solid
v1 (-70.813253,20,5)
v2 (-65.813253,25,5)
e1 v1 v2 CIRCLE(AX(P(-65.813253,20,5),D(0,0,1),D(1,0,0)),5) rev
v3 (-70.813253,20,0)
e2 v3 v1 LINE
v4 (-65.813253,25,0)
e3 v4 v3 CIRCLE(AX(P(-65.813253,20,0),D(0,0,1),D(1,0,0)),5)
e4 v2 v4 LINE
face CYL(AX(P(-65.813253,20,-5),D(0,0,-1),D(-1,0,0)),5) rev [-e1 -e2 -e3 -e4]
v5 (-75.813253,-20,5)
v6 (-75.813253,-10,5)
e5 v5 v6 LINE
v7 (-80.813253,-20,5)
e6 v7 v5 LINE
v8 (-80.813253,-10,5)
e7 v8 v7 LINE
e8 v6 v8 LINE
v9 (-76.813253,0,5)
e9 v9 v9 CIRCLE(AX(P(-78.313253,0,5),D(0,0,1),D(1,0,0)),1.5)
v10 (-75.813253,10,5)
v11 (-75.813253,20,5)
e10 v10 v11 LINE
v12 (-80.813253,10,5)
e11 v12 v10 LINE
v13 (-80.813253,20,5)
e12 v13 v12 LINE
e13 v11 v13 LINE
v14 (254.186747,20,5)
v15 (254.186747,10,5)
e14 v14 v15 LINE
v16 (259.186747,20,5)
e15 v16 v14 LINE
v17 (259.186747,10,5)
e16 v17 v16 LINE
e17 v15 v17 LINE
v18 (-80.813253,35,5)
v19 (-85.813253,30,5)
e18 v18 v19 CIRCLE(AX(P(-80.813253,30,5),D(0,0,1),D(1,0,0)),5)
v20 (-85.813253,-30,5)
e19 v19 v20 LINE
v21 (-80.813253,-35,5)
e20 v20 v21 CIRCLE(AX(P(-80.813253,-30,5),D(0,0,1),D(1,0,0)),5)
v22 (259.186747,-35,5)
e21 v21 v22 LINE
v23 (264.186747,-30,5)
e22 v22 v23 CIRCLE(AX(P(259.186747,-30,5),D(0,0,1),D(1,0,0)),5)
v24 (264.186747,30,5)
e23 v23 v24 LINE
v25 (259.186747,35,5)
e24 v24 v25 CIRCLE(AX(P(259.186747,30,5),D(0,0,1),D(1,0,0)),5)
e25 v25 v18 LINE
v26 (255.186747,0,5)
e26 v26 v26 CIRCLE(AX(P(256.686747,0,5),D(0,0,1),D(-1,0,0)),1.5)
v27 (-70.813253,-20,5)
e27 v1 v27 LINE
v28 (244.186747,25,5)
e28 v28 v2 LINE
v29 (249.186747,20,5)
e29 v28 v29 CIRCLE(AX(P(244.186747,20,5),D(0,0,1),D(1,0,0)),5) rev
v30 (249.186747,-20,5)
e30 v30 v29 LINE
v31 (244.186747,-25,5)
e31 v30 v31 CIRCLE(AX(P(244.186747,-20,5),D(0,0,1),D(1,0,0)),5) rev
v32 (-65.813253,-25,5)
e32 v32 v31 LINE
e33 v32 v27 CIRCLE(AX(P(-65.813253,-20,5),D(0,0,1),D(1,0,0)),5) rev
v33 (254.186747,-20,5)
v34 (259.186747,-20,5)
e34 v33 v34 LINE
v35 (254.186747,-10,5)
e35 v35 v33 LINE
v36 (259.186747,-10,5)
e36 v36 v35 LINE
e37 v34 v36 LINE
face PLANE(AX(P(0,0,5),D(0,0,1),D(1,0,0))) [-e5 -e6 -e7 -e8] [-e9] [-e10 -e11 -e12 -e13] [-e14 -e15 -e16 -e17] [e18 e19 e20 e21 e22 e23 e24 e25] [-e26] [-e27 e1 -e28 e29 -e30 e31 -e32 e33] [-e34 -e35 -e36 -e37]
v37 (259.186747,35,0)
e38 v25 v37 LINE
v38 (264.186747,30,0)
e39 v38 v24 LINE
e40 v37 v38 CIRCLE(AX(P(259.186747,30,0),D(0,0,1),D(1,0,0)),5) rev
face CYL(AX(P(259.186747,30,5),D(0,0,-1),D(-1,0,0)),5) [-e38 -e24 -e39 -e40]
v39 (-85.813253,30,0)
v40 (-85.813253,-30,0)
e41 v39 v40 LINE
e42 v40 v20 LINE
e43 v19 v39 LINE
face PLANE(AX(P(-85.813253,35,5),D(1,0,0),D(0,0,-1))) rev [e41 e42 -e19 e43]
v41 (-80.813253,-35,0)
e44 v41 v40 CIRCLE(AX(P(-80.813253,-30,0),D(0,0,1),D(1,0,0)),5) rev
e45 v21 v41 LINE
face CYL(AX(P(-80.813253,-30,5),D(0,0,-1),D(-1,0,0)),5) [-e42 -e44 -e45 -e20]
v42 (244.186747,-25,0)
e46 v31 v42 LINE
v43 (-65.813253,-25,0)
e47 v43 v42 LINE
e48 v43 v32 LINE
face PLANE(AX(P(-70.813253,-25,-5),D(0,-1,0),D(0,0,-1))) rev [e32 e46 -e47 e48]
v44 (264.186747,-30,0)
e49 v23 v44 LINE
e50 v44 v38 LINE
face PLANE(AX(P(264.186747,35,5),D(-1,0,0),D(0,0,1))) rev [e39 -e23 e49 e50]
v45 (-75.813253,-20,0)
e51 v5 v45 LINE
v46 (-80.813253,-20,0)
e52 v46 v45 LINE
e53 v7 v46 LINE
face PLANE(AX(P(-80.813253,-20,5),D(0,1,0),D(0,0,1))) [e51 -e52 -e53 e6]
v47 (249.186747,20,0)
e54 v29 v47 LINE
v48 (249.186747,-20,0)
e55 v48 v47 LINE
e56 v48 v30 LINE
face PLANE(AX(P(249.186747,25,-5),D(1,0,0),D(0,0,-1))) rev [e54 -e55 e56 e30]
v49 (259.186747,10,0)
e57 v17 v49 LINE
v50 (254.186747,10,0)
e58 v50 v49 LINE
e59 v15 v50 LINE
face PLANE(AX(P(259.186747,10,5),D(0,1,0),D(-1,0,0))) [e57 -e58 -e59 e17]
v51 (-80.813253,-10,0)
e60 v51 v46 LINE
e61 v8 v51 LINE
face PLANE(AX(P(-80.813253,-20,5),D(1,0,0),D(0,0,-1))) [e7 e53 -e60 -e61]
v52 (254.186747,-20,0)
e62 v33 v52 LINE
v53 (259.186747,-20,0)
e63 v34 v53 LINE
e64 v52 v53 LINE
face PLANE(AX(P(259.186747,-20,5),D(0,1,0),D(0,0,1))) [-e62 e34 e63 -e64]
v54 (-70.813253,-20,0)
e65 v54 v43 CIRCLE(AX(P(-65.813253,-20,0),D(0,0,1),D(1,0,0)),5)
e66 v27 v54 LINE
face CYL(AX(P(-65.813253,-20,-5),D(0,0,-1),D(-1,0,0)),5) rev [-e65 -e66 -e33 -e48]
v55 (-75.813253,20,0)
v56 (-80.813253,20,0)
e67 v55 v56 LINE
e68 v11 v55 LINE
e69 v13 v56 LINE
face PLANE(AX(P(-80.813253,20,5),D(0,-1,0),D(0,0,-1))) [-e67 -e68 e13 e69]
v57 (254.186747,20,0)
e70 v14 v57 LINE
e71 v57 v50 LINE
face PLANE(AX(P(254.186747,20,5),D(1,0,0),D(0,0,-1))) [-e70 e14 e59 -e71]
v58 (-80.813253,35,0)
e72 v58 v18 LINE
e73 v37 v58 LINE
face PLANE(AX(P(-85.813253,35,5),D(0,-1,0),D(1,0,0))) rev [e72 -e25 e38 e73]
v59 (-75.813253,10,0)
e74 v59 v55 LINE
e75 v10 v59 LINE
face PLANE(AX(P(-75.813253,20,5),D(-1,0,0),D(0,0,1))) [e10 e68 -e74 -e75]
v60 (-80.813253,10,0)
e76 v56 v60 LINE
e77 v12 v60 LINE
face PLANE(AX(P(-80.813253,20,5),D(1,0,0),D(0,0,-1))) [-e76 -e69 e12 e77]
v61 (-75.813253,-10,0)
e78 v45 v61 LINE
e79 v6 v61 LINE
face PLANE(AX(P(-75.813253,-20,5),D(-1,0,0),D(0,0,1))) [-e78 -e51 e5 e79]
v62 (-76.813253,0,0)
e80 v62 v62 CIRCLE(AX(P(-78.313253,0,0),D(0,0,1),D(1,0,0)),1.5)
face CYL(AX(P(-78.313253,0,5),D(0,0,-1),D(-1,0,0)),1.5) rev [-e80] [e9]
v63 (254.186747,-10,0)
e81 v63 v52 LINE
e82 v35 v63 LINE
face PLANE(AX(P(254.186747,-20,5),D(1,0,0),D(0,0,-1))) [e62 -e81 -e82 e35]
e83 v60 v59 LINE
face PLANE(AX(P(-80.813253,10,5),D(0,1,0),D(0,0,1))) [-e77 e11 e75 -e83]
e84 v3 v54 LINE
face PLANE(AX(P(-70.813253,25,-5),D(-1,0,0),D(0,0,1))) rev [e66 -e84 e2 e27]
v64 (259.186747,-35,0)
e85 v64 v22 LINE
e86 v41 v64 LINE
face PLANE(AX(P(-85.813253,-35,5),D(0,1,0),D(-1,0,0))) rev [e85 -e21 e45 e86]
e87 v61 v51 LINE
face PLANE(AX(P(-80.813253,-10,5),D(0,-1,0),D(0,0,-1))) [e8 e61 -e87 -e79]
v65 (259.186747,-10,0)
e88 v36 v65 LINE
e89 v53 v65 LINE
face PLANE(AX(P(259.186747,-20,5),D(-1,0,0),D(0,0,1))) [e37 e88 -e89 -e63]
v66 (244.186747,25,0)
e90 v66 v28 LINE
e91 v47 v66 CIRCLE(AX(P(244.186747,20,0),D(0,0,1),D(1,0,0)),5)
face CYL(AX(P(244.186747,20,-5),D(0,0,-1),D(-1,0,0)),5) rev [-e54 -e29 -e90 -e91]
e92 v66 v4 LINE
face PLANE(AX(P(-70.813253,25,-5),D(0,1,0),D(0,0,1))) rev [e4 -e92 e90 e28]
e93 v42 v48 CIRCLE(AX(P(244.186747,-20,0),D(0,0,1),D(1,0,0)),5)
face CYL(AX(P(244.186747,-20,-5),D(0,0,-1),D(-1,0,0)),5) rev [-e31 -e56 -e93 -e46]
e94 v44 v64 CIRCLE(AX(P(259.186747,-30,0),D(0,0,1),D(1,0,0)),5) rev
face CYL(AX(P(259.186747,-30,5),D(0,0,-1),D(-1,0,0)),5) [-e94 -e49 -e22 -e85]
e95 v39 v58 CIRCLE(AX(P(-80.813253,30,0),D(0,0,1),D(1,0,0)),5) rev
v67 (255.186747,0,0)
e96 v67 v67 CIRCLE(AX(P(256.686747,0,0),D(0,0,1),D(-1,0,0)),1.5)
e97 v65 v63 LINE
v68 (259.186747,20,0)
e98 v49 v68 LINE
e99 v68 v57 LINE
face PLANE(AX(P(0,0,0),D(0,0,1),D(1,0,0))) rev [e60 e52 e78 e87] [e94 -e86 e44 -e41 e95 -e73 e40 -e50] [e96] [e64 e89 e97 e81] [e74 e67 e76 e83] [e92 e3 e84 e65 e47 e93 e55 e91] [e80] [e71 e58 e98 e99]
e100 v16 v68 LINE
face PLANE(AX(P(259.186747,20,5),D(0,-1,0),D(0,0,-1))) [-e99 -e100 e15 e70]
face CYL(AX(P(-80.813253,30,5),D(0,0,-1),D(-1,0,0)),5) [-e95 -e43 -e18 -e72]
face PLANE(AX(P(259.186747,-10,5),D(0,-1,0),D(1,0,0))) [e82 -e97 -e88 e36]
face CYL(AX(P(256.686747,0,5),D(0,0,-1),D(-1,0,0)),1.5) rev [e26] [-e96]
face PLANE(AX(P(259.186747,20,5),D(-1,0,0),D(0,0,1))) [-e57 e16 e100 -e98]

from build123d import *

# Parameters (mm, degrees)
SKETCH1_W               = 350
SKETCH1_H               = 70
SKETCH1_R               = 1.5
SKETCH1_W_2             = 5
SKETCH1_H_2             = 10
BOSS_EXTRUDE1_DEPTH     = 5
ESQUISSE1_W             = 320
ESQUISSE1_H             = 50
ENL_V_MAT_EXTRU_1_DEPTH = 10
CONG_1_R                = 5


with BuildPart() as part:
    # Sketch1 → Boss-Extrude1 (new body)
    with BuildSketch(Plane.XY):
        with Locations((89.186746988, 0)):
            Rectangle(SKETCH1_W, SKETCH1_H)
        with Locations((-78.313253012, 0)):
            Circle(SKETCH1_R, mode=Mode.SUBTRACT)
        with Locations(Location((256.686746988, 0, 0), (0, 0, 180))):
            Circle(SKETCH1_R, mode=Mode.SUBTRACT)
        with Locations((-78.313253012, -15)):
            Rectangle(SKETCH1_W_2, SKETCH1_H_2, mode=Mode.SUBTRACT)
        with Locations((-78.313253012, 15)):
            Rectangle(SKETCH1_W_2, SKETCH1_H_2, mode=Mode.SUBTRACT)
        with Locations((256.686746988, -15)):
            Rectangle(SKETCH1_W_2, SKETCH1_H_2, mode=Mode.SUBTRACT)
        with Locations((256.686746988, 15)):
            Rectangle(SKETCH1_W_2, SKETCH1_H_2, mode=Mode.SUBTRACT)
    extrude(amount=BOSS_EXTRUDE1_DEPTH)

    # Esquisse1 → Enlèv. mat.-Extru.1 (cut)
    with BuildSketch(Plane.XY.offset(5)):
        with Locations((89.186746988, 0)):
            Rectangle(ESQUISSE1_W, ESQUISSE1_H)
    extrude(amount=-ENL_V_MAT_EXTRU_1_DEPTH, mode=Mode.SUBTRACT)

    # Congé1
    cong_1_edges = [part.edges().sort_by_distance(p)[0] for p in [
        (-85.813253012, 35, 2.5),
        (264.186746988, 35, 2.5),
        (264.186746988, -35, 2.5),
        (-85.813253012, -35, 2.5),
        (-70.813253012, -25, 2.5),
        (-70.813253012, 25, 2.5),
        (249.186746988, 25, 2.5),
        (249.186746988, -25, 2.5),
    ]]
    fillet(cong_1_edges, radius=CONG_1_R)


solid = part.part
